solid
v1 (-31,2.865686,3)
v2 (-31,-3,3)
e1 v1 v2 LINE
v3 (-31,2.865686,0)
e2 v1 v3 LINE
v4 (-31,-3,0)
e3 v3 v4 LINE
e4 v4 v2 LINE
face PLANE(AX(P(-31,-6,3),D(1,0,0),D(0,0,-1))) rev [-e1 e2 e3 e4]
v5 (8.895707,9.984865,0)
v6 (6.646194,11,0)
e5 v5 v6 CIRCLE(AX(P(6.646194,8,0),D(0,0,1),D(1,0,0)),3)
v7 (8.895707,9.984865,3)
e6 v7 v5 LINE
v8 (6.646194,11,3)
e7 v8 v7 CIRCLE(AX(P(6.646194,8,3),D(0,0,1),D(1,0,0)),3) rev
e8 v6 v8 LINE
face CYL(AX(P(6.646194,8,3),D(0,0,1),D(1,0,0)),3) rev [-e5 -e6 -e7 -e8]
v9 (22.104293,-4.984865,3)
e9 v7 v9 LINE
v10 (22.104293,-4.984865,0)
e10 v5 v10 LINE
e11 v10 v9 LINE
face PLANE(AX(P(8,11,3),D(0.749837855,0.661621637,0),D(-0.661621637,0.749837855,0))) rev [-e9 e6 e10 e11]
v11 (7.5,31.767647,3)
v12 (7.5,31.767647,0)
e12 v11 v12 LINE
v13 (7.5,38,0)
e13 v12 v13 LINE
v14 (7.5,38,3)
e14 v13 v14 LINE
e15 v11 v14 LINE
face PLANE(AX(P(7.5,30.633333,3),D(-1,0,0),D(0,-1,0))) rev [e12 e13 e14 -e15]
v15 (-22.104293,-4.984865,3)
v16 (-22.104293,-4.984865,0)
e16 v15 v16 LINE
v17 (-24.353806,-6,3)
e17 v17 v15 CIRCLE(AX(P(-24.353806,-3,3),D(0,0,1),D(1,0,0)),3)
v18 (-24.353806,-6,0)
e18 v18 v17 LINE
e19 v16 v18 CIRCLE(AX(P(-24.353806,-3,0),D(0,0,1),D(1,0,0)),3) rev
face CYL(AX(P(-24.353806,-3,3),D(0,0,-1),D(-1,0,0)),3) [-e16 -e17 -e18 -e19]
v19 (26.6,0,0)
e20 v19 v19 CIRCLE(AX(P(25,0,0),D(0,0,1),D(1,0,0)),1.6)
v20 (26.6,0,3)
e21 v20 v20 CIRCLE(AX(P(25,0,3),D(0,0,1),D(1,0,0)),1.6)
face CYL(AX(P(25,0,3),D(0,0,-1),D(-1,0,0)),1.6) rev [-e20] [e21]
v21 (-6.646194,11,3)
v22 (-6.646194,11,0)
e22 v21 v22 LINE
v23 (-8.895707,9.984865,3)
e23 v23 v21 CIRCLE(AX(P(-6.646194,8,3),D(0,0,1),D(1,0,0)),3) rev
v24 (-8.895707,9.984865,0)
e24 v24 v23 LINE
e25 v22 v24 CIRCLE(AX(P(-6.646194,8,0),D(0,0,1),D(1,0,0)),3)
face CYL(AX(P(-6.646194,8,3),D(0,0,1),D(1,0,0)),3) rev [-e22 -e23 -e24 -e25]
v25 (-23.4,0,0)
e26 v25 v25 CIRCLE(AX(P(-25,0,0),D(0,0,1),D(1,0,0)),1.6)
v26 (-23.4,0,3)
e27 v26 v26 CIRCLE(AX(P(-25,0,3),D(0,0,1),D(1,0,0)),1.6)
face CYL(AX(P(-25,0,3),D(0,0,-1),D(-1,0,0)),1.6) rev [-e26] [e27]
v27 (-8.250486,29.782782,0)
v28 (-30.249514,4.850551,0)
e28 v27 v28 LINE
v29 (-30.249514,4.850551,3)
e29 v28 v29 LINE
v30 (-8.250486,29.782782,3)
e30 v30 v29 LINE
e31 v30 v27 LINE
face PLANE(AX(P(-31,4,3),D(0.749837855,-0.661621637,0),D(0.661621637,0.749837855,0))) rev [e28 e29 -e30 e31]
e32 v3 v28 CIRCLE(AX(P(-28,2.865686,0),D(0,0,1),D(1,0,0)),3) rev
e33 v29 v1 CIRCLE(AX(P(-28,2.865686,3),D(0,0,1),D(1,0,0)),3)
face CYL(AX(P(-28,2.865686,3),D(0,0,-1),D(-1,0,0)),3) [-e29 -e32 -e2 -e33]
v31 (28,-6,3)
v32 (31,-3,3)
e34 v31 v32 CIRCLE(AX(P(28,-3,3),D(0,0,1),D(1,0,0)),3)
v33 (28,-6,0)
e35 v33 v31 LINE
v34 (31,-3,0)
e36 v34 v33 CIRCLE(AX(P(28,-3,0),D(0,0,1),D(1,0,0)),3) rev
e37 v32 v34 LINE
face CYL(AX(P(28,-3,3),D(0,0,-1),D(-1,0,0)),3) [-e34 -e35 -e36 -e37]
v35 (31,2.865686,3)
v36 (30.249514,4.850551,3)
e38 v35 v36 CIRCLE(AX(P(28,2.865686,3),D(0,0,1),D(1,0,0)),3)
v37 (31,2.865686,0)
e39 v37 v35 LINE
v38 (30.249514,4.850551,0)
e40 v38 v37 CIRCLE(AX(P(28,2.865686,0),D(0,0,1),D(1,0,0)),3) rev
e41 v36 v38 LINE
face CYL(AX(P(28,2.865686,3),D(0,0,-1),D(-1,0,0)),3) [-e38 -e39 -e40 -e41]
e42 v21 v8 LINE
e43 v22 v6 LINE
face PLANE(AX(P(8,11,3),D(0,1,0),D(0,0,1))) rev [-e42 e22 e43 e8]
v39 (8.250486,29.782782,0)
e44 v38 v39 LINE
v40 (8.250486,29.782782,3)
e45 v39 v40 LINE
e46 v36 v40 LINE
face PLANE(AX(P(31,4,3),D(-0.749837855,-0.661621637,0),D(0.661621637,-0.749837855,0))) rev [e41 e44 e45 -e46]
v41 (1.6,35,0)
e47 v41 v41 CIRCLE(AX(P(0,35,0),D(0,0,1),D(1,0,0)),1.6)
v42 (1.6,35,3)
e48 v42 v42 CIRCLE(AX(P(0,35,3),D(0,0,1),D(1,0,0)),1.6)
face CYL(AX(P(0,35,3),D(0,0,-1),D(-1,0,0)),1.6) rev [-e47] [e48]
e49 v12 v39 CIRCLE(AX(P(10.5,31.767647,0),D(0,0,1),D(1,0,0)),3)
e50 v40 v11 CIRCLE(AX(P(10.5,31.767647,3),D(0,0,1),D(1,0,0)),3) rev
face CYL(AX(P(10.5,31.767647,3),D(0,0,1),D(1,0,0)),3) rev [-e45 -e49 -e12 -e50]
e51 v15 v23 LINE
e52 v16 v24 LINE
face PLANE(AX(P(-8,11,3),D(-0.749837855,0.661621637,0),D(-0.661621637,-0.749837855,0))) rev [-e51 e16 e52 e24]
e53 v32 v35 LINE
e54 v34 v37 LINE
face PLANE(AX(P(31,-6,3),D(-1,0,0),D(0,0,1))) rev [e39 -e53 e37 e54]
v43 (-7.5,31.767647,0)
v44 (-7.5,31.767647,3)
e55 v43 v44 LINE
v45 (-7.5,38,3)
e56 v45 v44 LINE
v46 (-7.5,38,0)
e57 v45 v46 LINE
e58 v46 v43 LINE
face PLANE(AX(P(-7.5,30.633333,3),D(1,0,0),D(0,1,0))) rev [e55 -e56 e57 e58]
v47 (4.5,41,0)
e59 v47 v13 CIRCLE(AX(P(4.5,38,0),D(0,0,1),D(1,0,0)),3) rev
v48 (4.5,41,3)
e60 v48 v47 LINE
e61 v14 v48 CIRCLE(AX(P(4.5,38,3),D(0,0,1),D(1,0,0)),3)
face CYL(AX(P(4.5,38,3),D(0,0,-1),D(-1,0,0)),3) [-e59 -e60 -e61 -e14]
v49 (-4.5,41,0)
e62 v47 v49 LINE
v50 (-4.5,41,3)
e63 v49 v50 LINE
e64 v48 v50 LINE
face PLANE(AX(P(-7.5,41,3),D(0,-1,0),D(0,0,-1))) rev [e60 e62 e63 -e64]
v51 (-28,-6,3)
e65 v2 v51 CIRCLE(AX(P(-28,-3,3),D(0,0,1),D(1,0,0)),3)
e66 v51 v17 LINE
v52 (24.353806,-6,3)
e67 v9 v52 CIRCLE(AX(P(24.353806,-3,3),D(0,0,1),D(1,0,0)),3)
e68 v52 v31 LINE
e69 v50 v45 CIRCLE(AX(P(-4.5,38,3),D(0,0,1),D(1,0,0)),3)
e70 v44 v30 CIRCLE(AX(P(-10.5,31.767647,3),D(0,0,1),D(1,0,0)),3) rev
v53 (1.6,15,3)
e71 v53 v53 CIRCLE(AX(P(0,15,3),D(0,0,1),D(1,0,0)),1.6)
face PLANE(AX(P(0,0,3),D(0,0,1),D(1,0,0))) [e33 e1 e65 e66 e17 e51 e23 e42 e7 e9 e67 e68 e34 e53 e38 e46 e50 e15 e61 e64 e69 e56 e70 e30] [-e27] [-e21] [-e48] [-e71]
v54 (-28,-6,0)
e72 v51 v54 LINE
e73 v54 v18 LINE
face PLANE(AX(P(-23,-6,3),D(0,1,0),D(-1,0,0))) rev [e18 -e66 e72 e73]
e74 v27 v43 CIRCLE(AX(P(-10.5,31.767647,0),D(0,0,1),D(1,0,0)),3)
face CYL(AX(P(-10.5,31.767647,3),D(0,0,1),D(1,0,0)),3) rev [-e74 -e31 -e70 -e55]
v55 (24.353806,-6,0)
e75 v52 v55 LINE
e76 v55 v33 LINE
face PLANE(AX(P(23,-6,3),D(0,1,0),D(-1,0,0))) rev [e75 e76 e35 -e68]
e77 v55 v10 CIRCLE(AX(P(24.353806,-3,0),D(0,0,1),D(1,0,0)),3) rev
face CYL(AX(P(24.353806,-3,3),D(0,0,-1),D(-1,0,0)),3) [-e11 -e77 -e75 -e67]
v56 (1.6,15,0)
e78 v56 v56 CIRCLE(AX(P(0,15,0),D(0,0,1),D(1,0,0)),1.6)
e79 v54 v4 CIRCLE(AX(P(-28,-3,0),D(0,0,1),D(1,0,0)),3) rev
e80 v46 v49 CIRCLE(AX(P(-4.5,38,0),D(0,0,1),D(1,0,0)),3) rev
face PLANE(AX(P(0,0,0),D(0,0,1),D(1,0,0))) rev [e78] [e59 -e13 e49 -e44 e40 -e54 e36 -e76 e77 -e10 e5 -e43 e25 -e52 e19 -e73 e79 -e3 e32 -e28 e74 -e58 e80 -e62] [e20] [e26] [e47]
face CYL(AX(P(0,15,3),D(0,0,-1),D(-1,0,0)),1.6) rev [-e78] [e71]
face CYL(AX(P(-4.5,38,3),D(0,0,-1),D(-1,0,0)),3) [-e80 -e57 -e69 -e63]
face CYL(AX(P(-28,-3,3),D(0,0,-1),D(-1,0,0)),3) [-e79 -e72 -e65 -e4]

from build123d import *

# Parameters (mm, degrees)
SKETCH_1_R      = 1.6
EXTRUDE_1_DEPTH = 3
FILLET_1_R      = 3


with BuildPart() as part:
    # 草图1 → 凸台-拉伸1 (new body)
    with BuildSketch(Plane.XY):
        Polygon((8, 11), (-8, 11), (-23, -6), (-31, -6), (-31, 4), (-7.5, 30.633333333), (-7.5, 41), (7.5, 41), (7.5, 30.633333333), (31, 4), (31, -6), (23, -6), align=None)
        with Locations((-25, 0)):
            Circle(SKETCH_1_R, mode=Mode.SUBTRACT)
        with Locations((25, 0)):
            Circle(SKETCH_1_R, mode=Mode.SUBTRACT)
        with Locations((0, 35)):
            Circle(SKETCH_1_R, mode=Mode.SUBTRACT)
        with Locations((0, 15)):
            Circle(SKETCH_1_R, mode=Mode.SUBTRACT)
    extrude(amount=EXTRUDE_1_DEPTH)

    # 圆角1
    fillet_1_edges = [part.edges().sort_by_distance(p)[0] for p in [
        (23, -6, 1.5),
        (8, 11, 1.5),
        (-8, 11, 1.5),
        (-23, -6, 1.5),
        (-31, -6, 1.5),
        (-31, 4, 1.5),
        (-7.5, 30.633333333, 1.5),
        (-7.5, 41, 1.5),
        (7.5, 41, 1.5),
        (7.5, 30.633333333, 1.5),
        (31, 4, 1.5),
        (31, -6, 1.5),
    ]]
    fillet(fillet_1_edges, radius=FILLET_1_R)


solid = part.part
